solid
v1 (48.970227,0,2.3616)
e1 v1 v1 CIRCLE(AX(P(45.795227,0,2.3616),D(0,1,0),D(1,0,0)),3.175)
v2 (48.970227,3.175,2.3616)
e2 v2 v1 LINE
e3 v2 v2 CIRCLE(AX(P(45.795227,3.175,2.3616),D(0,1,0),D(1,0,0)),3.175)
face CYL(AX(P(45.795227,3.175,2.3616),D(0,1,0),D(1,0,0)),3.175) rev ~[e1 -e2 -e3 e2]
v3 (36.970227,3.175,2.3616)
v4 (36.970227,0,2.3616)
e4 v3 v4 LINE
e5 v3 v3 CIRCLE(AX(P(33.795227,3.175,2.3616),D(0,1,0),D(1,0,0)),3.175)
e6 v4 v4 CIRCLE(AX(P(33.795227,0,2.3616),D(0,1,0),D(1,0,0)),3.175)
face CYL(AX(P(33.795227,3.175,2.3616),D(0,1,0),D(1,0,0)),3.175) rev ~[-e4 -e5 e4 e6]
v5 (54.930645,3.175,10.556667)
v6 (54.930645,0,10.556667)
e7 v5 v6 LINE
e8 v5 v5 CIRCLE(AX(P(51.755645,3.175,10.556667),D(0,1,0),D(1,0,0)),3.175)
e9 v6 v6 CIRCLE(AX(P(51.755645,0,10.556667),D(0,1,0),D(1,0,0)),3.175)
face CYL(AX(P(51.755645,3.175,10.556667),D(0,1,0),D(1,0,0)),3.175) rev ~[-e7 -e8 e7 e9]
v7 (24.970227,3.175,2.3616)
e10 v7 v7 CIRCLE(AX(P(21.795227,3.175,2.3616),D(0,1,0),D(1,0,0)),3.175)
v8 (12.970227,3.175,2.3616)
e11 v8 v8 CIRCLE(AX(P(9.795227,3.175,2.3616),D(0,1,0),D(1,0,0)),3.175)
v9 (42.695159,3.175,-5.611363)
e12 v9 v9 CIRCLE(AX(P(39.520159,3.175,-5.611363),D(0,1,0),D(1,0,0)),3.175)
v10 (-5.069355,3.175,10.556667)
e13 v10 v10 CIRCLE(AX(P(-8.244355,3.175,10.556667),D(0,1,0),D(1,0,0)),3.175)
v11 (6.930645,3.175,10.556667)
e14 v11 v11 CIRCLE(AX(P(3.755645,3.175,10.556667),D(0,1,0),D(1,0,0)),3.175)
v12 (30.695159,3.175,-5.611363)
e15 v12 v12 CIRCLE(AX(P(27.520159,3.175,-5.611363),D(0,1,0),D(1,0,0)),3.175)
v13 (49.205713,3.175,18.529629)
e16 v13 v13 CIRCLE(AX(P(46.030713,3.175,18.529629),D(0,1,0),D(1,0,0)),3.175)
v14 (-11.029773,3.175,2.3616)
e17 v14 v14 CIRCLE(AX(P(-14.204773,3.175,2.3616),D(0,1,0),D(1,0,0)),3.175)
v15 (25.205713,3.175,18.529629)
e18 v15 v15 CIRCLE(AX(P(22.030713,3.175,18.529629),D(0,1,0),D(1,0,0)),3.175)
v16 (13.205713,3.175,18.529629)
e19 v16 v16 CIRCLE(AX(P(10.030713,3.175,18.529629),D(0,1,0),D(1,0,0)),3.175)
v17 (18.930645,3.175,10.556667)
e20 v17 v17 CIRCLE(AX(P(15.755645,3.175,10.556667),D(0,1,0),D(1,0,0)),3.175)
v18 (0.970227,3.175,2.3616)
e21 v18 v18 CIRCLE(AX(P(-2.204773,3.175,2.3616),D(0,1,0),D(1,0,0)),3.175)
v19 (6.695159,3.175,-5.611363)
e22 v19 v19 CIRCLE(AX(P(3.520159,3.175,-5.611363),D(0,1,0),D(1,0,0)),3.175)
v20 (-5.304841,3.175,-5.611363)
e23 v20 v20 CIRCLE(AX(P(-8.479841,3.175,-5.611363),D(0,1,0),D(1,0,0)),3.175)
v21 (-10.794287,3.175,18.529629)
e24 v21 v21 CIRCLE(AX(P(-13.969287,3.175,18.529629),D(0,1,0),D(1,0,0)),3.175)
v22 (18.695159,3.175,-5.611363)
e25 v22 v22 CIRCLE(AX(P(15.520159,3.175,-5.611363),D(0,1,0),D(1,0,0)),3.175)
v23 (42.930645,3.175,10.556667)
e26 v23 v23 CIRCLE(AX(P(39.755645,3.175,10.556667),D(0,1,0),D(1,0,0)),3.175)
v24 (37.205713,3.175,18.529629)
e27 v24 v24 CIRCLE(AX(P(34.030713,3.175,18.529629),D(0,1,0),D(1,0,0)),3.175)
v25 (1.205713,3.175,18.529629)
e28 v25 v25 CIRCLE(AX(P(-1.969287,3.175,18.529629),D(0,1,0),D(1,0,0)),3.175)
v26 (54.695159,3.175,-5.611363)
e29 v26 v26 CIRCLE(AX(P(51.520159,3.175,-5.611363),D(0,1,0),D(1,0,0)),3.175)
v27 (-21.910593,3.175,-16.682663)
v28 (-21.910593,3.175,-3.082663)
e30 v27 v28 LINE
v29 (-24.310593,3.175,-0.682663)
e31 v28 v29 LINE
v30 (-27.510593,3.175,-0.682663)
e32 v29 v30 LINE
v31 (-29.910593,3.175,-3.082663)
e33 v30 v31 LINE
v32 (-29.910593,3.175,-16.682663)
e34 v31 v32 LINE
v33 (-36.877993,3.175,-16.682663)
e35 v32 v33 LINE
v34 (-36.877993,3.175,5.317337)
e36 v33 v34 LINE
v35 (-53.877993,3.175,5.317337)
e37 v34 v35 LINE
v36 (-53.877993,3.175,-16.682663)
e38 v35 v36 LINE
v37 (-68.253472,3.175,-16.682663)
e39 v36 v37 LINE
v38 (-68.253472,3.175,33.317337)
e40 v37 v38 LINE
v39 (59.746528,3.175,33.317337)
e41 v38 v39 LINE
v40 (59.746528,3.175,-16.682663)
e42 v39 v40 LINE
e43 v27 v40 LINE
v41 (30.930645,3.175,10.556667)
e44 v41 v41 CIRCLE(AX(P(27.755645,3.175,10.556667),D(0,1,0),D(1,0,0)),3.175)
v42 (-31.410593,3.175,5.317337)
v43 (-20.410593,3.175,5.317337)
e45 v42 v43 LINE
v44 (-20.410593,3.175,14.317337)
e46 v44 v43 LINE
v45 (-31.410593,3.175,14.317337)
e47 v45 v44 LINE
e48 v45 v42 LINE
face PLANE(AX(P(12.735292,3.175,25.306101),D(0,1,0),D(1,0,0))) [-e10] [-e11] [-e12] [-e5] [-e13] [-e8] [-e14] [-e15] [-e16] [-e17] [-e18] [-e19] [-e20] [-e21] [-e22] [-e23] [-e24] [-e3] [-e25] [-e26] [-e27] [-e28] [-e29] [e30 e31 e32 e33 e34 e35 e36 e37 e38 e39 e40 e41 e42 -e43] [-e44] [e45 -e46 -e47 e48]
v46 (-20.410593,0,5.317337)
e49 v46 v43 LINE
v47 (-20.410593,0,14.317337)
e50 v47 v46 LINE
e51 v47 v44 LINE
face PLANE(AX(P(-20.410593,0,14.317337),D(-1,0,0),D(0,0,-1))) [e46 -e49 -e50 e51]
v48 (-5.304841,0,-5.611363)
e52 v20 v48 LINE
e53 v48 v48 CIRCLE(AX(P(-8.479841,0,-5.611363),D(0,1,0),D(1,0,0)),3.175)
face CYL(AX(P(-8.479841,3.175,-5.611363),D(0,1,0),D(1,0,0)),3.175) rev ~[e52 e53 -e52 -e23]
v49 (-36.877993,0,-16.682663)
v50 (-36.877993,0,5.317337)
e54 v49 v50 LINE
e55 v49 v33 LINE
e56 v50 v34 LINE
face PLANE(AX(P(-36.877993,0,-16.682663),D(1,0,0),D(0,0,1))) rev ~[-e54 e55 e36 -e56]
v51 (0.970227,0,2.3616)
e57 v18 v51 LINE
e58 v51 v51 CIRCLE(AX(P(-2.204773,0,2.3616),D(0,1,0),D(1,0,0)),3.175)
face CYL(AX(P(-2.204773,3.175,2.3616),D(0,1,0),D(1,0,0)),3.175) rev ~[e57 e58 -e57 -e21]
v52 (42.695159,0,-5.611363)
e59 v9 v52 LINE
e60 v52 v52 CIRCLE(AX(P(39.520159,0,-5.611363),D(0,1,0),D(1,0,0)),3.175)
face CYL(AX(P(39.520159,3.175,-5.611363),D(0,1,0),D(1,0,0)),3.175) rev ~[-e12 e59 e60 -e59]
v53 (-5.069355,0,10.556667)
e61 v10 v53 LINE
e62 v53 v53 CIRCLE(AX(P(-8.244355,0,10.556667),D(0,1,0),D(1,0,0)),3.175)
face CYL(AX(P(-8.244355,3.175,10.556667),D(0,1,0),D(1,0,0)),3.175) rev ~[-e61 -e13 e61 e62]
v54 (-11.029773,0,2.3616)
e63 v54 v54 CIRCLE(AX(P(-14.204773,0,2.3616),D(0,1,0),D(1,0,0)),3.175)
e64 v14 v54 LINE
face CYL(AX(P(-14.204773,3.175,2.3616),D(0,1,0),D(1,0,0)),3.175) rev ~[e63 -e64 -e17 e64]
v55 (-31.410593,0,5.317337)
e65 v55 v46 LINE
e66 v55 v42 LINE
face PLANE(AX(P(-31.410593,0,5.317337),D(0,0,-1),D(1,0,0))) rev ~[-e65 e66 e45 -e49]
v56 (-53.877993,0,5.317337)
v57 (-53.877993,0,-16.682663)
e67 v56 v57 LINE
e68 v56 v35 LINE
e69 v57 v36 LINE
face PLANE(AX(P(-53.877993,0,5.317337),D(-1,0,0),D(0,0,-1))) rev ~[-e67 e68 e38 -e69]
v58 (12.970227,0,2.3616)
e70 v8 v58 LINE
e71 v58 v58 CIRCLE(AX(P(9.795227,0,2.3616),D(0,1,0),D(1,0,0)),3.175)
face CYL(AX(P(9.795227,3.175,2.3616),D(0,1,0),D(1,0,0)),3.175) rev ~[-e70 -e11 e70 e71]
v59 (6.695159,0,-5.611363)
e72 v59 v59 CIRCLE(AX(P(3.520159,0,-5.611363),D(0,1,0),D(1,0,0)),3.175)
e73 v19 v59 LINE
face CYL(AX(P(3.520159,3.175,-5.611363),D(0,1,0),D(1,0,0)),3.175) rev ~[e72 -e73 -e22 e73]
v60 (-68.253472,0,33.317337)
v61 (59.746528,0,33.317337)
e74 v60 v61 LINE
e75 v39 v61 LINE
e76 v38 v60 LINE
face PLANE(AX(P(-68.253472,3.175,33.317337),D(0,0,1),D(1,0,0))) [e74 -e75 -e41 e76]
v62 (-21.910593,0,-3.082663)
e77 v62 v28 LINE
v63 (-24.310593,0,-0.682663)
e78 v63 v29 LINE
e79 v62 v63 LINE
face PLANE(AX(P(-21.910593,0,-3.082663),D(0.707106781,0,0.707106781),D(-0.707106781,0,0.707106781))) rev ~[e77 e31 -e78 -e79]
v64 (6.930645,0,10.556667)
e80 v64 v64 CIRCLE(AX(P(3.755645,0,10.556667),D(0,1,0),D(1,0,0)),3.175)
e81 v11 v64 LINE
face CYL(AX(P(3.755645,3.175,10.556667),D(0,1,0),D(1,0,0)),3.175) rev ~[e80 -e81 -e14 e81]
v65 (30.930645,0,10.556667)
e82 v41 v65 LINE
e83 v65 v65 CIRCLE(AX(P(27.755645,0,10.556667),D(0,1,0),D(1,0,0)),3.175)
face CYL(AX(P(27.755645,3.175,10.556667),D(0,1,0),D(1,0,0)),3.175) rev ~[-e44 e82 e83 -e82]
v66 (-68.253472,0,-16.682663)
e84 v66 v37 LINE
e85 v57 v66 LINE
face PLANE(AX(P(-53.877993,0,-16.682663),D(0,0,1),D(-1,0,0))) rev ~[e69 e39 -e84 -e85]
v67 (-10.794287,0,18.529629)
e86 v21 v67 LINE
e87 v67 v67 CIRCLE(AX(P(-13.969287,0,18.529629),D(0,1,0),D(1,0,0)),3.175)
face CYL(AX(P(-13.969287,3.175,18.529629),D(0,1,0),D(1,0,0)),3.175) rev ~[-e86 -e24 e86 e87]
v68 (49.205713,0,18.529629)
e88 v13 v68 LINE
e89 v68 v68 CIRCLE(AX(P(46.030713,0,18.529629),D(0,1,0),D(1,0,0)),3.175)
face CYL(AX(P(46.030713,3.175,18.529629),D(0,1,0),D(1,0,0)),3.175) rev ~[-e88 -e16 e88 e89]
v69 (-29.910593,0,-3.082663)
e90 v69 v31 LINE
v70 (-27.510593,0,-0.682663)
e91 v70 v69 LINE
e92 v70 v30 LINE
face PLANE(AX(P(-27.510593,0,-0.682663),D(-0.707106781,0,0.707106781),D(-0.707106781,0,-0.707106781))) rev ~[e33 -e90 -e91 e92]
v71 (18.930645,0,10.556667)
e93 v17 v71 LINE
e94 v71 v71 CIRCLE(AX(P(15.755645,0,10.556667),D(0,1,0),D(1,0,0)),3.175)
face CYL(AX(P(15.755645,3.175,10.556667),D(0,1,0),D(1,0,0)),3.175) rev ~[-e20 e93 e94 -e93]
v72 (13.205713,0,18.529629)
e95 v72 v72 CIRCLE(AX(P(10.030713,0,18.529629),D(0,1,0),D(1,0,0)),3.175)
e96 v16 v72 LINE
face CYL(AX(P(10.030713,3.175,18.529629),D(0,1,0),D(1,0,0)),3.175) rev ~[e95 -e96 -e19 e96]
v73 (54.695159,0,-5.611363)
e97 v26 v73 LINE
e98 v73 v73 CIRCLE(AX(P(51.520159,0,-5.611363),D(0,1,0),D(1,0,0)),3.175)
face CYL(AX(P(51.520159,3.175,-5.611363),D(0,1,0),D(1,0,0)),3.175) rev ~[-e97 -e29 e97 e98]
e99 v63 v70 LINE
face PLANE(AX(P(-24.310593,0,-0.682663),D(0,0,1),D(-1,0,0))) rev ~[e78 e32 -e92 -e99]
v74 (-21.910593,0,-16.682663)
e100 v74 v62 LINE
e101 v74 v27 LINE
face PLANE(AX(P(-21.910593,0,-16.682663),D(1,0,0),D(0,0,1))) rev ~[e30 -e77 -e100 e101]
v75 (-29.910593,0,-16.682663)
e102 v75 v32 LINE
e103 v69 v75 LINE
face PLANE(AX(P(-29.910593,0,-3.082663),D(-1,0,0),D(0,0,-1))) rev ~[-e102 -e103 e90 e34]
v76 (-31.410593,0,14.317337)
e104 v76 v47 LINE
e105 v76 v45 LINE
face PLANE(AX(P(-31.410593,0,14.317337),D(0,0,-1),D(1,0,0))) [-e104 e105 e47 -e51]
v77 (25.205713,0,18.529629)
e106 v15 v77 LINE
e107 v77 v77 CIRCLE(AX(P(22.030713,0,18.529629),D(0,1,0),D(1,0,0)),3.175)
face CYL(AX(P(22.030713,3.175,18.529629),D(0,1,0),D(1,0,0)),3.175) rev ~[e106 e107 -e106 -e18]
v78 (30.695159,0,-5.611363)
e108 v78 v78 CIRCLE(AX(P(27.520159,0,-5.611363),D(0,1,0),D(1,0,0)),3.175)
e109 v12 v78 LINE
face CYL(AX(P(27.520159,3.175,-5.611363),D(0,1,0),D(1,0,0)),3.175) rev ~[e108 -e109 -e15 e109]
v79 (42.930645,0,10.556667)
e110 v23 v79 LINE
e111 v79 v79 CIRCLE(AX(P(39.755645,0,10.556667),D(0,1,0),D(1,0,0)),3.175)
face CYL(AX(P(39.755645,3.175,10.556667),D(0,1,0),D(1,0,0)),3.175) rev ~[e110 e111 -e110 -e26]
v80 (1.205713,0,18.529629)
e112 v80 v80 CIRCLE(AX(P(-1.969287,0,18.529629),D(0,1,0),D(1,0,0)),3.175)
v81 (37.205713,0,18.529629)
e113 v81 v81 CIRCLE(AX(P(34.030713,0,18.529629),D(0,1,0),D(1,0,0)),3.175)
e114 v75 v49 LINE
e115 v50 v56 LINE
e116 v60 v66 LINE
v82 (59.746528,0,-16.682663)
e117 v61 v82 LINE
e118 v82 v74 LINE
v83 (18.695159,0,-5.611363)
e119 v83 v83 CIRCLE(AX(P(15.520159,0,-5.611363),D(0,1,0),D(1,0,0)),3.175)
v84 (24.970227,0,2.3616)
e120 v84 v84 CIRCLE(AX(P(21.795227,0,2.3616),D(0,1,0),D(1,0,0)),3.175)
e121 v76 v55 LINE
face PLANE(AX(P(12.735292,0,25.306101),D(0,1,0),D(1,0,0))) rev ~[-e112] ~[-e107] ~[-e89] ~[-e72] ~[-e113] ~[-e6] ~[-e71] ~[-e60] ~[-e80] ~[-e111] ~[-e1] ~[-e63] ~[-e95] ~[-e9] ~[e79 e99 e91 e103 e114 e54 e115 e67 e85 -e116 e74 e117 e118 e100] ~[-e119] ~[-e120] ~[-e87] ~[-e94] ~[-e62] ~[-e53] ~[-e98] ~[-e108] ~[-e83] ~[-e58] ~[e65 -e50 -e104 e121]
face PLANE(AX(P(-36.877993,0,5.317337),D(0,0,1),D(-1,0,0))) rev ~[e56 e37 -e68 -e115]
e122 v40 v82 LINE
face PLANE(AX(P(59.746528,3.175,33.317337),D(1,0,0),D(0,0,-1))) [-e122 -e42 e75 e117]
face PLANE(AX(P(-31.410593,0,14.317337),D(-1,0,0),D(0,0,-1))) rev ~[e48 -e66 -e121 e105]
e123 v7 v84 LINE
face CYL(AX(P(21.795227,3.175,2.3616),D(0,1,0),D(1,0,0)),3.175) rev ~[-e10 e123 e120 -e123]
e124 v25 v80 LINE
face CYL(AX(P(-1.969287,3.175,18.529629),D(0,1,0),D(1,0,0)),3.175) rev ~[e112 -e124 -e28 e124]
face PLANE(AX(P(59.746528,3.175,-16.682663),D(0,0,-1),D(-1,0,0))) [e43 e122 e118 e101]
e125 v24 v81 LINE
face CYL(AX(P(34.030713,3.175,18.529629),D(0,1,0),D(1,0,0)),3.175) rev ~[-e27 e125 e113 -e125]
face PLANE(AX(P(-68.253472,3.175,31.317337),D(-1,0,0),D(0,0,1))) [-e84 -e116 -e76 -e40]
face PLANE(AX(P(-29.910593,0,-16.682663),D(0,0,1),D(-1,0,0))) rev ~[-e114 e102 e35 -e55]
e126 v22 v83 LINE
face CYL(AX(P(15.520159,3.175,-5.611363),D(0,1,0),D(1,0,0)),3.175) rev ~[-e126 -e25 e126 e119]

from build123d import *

# Parameters (mm, degrees)
SKETCH1_W           = 11
SKETCH1_H           = 9
BOSS_EXTRUDE1_DEPTH = 3.175
BOSS_EXTRUDE2_DEPTH = 3.175
SKETCH3_W           = 27.735440415
SKETCH3_H           = 29.716543301
BOSS_EXTRUDE3_DEPTH = 3.175
SKETCH4_R           = 3.175
CUT_EXTRUDE1_DEPTH  = 3.175


with BuildPart() as part:
    # Sketch1 → Boss-Extrude1 (new body)
    with BuildSketch(Plane(origin=(0, 0, 0), x_dir=(1, 0, 0), z_dir=(0, 1, 0))):
        Polygon((-68.253472382, 16.682663469), (-68.253472382, -31.317336531), (57.746527618, -31.317336531), (57.746527618, -18.067336531), (35.746527618, -18.067336531), (35.746527618, 5.932663469), (57.746527618, 5.932663469), (57.746527618, 16.682663469), (-21.910593359, 16.682663469), (-21.910593359, 3.082663469), (-24.310593359, 0.682663469), (-27.510593359, 0.682663469), (-29.910593359, 3.082663469), (-29.910593359, 16.682663469), (-36.877993049, 16.682663469), (-36.877993049, -5.317336531), (-53.877993049, -5.317336531), (-53.877993049, 16.682663469), align=None)
        with Locations((-25.910593359, -9.817336531)):
            Rectangle(SKETCH1_W, SKETCH1_H, mode=Mode.SUBTRACT)
    extrude(amount=BOSS_EXTRUDE1_DEPTH)

    # Sketch2 → Boss-Extrude2 (add)
    with BuildSketch(Plane(origin=(0, 3.175, 0), x_dir=(1, 0, 0), z_dir=(0, 1, 0))):
        Polygon((59.746527618, 16.682663469), (57.746527618, 16.682663469), (57.746527618, 5.932663469), (57.746527618, -18.067336531), (57.746527618, -31.317336531), (-68.253472382, -31.317336531), (-68.253472382, -33.317336531), (59.746527618, -33.317336531), align=None)
    extrude(amount=-BOSS_EXTRUDE2_DEPTH)

    # Sketch3 → Boss-Extrude3 (add)
    with BuildSketch(Plane(origin=(0, 3.175, 0), x_dir=(1, 0, 0), z_dir=(0, 1, 0))):
        with Locations((44.64848835, -4.824339336)):
            Rectangle(SKETCH3_W, SKETCH3_H)
    extrude(amount=-BOSS_EXTRUDE3_DEPTH)

    # Sketch4 → Cut-Extrude1 (cut)
    with BuildSketch(Plane(origin=(0, 3.175, 0), x_dir=(1, 0, 0), z_dir=(0, 1, 0))):
        with Locations((-8.479841083, 5.611362845)):
            Circle(SKETCH4_R)
        with Locations((3.520158917, 5.611362845)):
            Circle(SKETCH4_R)
        with Locations((15.520158917, 5.611362845)):
            Circle(SKETCH4_R)
        with Locations((27.520158917, 5.611362845)):
            Circle(SKETCH4_R)
        with Locations((39.520158917, 5.611362845)):
            Circle(SKETCH4_R)
        with Locations((51.520158917, 5.611362845)):
            Circle(SKETCH4_R)
        with Locations((-14.20477293, -2.36159985)):
            Circle(SKETCH4_R)
        with Locations((-2.20477293, -2.36159985)):
            Circle(SKETCH4_R)
        with Locations((9.79522707, -2.36159985)):
            Circle(SKETCH4_R)
        with Locations((21.79522707, -2.36159985)):
            Circle(SKETCH4_R)
        with Locations((33.79522707, -2.36159985)):
            Circle(SKETCH4_R)
        with Locations((45.79522707, -2.36159985)):
            Circle(SKETCH4_R)
        with Locations((-8.244355205, -10.556666731)):
            Circle(SKETCH4_R)
        with Locations((3.755644795, -10.556666731)):
            Circle(SKETCH4_R)
        with Locations((15.755644795, -10.556666731)):
            Circle(SKETCH4_R)
        with Locations((27.755644795, -10.556666731)):
            Circle(SKETCH4_R)
        with Locations((39.755644795, -10.556666731)):
            Circle(SKETCH4_R)
        with Locations((51.755644795, -10.556666731)):
            Circle(SKETCH4_R)
        with Locations((-13.969287051, -18.529629426)):
            Circle(SKETCH4_R)
        with Locations((-1.969287051, -18.529629426)):
            Circle(SKETCH4_R)
        with Locations((10.030712949, -18.529629426)):
            Circle(SKETCH4_R)
        with Locations((22.030712949, -18.529629426)):
            Circle(SKETCH4_R)
        with Locations((34.030712949, -18.529629426)):
            Circle(SKETCH4_R)
        with Locations((46.030712949, -18.529629426)):
            Circle(SKETCH4_R)
    extrude(amount=-CUT_EXTRUDE1_DEPTH, mode=Mode.SUBTRACT)


solid = part.part
